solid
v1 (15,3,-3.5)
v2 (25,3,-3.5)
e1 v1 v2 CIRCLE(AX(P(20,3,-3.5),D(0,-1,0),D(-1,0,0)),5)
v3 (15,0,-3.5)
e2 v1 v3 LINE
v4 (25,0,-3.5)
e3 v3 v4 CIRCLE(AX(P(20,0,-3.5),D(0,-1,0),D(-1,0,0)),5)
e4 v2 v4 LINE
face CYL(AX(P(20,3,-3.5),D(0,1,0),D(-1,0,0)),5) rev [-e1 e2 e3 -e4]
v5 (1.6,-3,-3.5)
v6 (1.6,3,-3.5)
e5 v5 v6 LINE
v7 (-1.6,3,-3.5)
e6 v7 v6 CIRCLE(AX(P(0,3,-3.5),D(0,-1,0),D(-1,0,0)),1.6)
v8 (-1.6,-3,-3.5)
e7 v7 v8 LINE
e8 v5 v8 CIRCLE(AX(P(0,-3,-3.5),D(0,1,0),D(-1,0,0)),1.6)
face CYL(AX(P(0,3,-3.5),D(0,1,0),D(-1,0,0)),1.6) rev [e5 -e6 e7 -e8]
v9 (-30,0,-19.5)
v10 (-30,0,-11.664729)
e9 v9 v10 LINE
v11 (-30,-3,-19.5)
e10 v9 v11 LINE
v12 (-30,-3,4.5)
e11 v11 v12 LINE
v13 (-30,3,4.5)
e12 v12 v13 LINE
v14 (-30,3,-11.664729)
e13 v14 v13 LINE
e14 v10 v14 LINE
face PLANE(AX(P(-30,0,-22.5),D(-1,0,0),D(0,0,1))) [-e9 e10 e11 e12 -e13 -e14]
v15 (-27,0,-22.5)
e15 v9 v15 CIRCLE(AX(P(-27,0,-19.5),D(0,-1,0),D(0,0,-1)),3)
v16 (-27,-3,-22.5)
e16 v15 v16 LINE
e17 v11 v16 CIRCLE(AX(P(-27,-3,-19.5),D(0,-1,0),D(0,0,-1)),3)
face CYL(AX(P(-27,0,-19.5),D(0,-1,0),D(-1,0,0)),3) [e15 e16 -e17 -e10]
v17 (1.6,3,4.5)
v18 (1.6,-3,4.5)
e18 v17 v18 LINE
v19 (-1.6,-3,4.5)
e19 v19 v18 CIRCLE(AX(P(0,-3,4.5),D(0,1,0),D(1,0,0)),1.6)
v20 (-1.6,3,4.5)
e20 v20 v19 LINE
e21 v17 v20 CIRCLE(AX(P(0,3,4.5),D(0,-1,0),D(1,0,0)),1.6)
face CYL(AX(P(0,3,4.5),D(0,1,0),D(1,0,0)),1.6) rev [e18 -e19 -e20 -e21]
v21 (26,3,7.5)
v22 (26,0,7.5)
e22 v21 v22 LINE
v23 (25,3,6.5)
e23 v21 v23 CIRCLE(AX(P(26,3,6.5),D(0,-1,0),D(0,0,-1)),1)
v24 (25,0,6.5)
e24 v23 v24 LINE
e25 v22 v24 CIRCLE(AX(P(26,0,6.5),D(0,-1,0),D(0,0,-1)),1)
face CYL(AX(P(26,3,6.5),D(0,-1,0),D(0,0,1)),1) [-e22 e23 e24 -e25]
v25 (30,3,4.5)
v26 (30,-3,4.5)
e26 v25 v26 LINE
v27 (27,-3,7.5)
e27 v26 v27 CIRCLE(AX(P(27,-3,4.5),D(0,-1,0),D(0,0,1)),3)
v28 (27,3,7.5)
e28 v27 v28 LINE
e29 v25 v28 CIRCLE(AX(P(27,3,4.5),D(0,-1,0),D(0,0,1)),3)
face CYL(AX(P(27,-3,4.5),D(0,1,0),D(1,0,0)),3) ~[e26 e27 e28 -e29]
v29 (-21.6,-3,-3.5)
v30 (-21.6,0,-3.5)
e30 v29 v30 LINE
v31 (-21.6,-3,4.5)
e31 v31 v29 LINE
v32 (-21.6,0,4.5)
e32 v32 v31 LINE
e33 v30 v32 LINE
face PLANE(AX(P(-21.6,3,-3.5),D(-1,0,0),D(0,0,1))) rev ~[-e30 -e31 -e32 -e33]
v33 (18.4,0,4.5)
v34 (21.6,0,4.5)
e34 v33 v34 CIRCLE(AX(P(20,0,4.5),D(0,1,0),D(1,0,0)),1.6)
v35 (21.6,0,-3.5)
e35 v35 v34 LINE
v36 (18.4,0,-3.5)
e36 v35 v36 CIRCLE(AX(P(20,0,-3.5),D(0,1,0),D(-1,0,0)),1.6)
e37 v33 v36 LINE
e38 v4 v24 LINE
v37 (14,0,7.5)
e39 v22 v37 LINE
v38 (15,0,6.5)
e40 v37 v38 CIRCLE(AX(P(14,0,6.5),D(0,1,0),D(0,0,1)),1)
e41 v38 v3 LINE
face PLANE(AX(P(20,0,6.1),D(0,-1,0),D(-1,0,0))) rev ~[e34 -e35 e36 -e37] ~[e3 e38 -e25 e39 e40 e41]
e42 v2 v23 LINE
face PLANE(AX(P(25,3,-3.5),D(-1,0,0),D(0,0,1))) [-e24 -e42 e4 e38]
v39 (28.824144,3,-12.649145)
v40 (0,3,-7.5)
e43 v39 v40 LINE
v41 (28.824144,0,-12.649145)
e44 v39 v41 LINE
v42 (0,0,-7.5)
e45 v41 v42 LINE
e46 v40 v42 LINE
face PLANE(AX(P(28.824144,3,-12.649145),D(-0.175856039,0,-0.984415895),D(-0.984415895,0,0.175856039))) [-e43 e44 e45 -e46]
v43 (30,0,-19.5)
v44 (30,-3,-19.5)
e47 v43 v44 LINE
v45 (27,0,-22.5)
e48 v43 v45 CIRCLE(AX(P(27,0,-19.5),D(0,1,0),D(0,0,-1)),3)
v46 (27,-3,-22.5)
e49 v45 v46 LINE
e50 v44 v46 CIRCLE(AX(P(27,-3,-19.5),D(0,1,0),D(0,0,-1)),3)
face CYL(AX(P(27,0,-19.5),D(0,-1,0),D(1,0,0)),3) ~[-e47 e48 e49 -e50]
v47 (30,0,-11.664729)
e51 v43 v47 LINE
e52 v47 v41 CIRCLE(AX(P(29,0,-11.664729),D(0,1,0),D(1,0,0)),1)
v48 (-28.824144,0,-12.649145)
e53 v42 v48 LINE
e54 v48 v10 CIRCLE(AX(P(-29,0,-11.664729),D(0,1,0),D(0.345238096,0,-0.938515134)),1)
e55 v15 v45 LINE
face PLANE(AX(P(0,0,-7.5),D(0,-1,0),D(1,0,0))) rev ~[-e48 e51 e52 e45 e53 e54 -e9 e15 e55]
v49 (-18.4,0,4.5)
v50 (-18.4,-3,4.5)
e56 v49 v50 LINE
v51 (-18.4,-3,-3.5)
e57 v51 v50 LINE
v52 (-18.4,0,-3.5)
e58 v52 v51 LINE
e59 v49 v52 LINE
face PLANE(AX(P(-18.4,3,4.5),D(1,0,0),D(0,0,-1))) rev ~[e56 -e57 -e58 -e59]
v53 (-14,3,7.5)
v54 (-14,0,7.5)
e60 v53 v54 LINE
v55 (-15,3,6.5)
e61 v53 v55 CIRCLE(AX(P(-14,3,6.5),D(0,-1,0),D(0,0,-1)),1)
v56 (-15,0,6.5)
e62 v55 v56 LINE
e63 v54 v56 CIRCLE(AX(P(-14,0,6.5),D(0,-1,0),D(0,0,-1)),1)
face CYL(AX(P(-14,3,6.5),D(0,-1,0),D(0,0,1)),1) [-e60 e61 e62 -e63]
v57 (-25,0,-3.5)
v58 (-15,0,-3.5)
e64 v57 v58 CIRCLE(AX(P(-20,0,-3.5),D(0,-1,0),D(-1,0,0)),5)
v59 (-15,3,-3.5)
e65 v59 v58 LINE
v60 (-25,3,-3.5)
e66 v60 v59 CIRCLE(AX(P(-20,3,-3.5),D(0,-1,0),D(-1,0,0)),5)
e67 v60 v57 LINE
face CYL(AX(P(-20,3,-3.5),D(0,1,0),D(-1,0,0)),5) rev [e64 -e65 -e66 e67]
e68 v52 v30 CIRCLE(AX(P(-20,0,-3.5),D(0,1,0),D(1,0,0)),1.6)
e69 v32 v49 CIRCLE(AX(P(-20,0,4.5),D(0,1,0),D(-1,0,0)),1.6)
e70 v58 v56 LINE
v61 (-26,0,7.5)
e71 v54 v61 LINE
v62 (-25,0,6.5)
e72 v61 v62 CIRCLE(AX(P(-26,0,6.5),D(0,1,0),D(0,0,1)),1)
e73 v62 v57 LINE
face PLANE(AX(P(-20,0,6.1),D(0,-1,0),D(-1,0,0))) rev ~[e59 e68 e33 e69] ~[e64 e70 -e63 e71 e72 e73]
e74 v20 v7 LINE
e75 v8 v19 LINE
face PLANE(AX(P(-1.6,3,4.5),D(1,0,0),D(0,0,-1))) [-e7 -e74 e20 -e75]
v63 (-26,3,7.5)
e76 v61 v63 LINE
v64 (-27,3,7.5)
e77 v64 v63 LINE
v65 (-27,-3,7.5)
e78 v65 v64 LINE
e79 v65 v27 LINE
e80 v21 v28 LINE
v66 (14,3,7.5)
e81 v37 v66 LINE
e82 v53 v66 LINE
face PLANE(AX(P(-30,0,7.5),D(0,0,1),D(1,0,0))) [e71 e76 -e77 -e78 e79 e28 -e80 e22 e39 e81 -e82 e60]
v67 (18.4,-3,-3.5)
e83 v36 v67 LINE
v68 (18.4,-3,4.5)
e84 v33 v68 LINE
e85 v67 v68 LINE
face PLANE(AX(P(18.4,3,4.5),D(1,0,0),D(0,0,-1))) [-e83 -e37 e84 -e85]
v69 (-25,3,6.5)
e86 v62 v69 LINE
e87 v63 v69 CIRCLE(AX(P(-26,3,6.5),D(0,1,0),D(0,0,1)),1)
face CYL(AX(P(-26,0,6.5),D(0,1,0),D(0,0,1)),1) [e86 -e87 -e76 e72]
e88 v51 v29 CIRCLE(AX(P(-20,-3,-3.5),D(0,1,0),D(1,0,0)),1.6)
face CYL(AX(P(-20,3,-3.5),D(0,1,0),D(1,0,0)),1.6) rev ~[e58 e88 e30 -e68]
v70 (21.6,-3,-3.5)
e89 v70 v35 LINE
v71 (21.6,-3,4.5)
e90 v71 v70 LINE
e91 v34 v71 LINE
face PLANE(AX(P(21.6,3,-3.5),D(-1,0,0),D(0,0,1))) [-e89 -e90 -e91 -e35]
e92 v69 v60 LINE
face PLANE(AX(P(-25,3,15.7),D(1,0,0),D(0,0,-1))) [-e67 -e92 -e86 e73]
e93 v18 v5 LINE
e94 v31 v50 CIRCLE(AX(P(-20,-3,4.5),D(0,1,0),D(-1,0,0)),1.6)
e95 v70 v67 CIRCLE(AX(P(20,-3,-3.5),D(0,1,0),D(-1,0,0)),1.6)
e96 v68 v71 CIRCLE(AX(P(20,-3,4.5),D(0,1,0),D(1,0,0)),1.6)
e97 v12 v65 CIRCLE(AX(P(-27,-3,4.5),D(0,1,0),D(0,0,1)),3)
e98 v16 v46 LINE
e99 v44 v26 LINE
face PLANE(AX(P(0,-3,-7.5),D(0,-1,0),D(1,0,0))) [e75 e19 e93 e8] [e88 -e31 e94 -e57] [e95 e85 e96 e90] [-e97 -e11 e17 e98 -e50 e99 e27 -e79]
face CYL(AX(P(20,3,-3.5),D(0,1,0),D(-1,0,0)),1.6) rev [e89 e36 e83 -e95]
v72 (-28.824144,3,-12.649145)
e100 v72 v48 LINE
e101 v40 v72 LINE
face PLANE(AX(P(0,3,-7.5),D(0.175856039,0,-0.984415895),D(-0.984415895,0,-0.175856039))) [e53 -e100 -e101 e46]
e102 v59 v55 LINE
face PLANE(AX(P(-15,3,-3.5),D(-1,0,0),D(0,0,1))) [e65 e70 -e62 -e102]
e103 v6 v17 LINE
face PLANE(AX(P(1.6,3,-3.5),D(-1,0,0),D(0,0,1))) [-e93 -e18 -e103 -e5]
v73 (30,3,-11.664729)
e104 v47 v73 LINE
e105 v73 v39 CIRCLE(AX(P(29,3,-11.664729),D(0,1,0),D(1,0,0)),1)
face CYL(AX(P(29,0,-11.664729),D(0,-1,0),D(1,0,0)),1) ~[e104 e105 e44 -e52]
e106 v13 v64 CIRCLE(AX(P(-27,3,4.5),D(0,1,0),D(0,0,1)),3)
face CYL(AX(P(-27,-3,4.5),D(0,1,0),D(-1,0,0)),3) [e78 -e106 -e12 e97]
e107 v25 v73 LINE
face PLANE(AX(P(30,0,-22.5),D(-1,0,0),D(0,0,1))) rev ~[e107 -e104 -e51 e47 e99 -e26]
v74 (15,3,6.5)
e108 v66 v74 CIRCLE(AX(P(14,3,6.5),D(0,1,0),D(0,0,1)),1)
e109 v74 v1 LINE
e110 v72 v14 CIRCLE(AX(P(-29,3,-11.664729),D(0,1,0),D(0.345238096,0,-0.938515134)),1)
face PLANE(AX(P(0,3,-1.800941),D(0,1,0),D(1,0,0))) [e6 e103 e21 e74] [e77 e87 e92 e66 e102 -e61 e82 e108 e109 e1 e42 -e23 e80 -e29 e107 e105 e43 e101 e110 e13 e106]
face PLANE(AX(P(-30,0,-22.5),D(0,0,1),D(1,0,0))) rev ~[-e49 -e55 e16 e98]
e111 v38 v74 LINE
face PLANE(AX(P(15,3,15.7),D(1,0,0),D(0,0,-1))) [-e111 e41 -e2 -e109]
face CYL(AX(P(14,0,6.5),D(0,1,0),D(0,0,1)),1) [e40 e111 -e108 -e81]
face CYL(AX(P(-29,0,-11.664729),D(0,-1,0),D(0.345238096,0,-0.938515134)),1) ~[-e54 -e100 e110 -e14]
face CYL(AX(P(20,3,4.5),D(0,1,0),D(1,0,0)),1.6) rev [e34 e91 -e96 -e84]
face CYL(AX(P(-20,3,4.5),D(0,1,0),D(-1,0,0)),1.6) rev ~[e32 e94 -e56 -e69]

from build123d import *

# Parameters (mm, degrees)
BOSS_EXTRUDE1_DEPTH = 3
SKETCH4_W           = 60
SKETCH4_H           = 30
BOSS_EXTRUDE2_DEPTH = 3
FILLET1_R           = 3
CUT_EXTRUDE1_DEPTH  = 38.976966704
BOSS_EXTRUDE3_DEPTH = 3
CUT_EXTRUDE2_DEPTH  = 3
FILLET2_R           = 1


with BuildPart() as part:
    # Sketch2 → Boss-Extrude1 (new body)
    with BuildSketch(Plane(origin=(0, 0, 0), x_dir=(1, 0, 0), z_dir=(0, 1, 0))):
        with BuildLine():
            Line((-30, -7.5), (30, -7.5))
            Line((30, -7.5), (30, 11.664728706))
            ThreePointArc((30, 11.664728706), (29.572172135, 12.484862261), (28.654761905, 12.60324384))
            ThreePointArc((28.654761905, 12.60324384), (0, 7.5), (-28.654761905, 12.60324384))
            ThreePointArc((-28.654761905, 12.60324384), (-29.572172135, 12.484862261), (-30, 11.664728706))
            Line((-30, 11.664728706), (-30, -7.5))
        make_face()
    extrude(amount=BOSS_EXTRUDE1_DEPTH)

    # Sketch4 → Boss-Extrude2 (add)
    with BuildSketch(Plane.XZ):
        with Locations((0, -7.5)):
            Rectangle(SKETCH4_W, SKETCH4_H)
    extrude(amount=BOSS_EXTRUDE2_DEPTH)

    # Fillet1
    fillet1_edges = [part.edges().sort_by_distance(p)[0] for p in [
        (30, -1.5, -22.5),
        (30, 0, 7.5),
        (-30, 0, 7.5),
        (-30, -1.5, -22.5),
    ]]
    fillet(fillet1_edges, radius=FILLET1_R)

    # Sketch5 → Cut-Extrude1 (cut, through all)
    with BuildSketch(Plane(origin=(0, 3, 0), x_dir=(1, 0, 0), z_dir=(0, 1, 0))):
        with BuildLine():
            Line((1.6, 3.5), (1.6, -4.5))
            ThreePointArc((1.6, -4.5), (0, -6.1), (-1.6, -4.5))
            Line((-1.6, -4.5), (-1.6, 3.5))
            ThreePointArc((-1.6, 3.5), (0, 5.1), (1.6, 3.5))
        make_face()
        with BuildLine():
            Line((21.6, 3.5), (21.6, -4.5))
            ThreePointArc((21.6, -4.5), (20, -6.1), (18.4, -4.5))
            Line((18.4, -4.5), (18.4, 3.5))
            ThreePointArc((18.4, 3.5), (20, 5.1), (21.6, 3.5))
        make_face()
        with BuildLine():
            Line((-21.6, 3.5), (-21.6, -4.5))
            ThreePointArc((-21.6, -4.5), (-20, -6.1), (-18.4, -4.5))
            Line((-18.4, -4.5), (-18.4, 3.5))
            ThreePointArc((-18.4, 3.5), (-20, 5.1), (-21.6, 3.5))
        make_face()
    extrude(amount=-CUT_EXTRUDE1_DEPTH, mode=Mode.SUBTRACT)

    # Sketch6 → Boss-Extrude3 (add)
    with BuildSketch(Plane(origin=(0, 3, 0), x_dir=(1, 0, 0), z_dir=(0, 1, 0))):
        with BuildLine():
            Line((0, 7.5), (-28.824143961, 12.649144601))
            ThreePointArc((-28.824143961, 12.649144601), (-29.64192833, 12.43149335), (-30, 11.664728706))
            Line((-30, 11.664728706), (-30, -4.5))
            ThreePointArc((-30, -4.5), (-29.121320344, -6.621320344), (-27, -7.5))
            Line((-27, -7.5), (27, -7.5))
            ThreePointArc((27, -7.5), (29.121320344, -6.621320344), (30, -4.5))
            Line((30, -4.5), (30, 11.664728706))
            ThreePointArc((30, 11.664728706), (29.64192833, 12.43149335), (28.824143961, 12.649144601))
            Line((28.824143961, 12.649144601), (0, 7.5))
        make_face()
        with BuildLine():
            Line((-18.4, -4.5), (-18.4, 3.5))
            ThreePointArc((-18.4, 3.5), (-20, 5.1), (-21.6, 3.5))
            Line((-21.6, 3.5), (-21.6, -4.5))
            ThreePointArc((-21.6, -4.5), (-20, -6.1), (-18.4, -4.5))
        make_face(mode=Mode.SUBTRACT)
        with BuildLine():
            Line((1.6, -4.5), (1.6, 3.5))
            ThreePointArc((1.6, 3.5), (0, 5.1), (-1.6, 3.5))
            Line((-1.6, 3.5), (-1.6, -4.5))
            ThreePointArc((-1.6, -4.5), (0, -6.1), (1.6, -4.5))
        make_face(mode=Mode.SUBTRACT)
        with BuildLine():
            Line((21.6, -4.5), (21.6, 3.5))
            ThreePointArc((21.6, 3.5), (20, 5.1), (18.4, 3.5))
            Line((18.4, 3.5), (18.4, -4.5))
            ThreePointArc((18.4, -4.5), (20, -6.1), (21.6, -4.5))
        make_face(mode=Mode.SUBTRACT)
    extrude(amount=-BOSS_EXTRUDE3_DEPTH)

    # Sketch7 → Cut-Extrude2 (cut)
    with BuildSketch(Plane(origin=(0, 3, 0), x_dir=(1, 0, 0), z_dir=(0, 1, 0))):
        with BuildLine():
            Line((-15, 3.5), (-15, -15.7))
            ThreePointArc((-15, -15.7), (-20, -20.7), (-25, -15.7))
            Line((-25, -15.7), (-25, 3.5))
            ThreePointArc((-25, 3.5), (-20, 8.5), (-15, 3.5))
        make_face()
        with BuildLine():
            Line((25, 3.5), (25, -15.7))
            ThreePointArc((25, -15.7), (20, -20.7), (15, -15.7))
            Line((15, -15.7), (15, 3.5))
            ThreePointArc((15, 3.5), (20, 8.5), (25, 3.5))
        make_face()
    extrude(amount=-CUT_EXTRUDE2_DEPTH, mode=Mode.SUBTRACT)

    # Fillet2
    fillet2_edges = [part.edges().sort_by_distance(p)[0] for p in [
        (-15, 1.5, 7.5),
        (-25, 1.5, 7.5),
        (25, 1.5, 7.5),
        (15, 1.5, 7.5),
    ]]
    fillet(fillet2_edges, radius=FILLET2_R)


solid = part.part
